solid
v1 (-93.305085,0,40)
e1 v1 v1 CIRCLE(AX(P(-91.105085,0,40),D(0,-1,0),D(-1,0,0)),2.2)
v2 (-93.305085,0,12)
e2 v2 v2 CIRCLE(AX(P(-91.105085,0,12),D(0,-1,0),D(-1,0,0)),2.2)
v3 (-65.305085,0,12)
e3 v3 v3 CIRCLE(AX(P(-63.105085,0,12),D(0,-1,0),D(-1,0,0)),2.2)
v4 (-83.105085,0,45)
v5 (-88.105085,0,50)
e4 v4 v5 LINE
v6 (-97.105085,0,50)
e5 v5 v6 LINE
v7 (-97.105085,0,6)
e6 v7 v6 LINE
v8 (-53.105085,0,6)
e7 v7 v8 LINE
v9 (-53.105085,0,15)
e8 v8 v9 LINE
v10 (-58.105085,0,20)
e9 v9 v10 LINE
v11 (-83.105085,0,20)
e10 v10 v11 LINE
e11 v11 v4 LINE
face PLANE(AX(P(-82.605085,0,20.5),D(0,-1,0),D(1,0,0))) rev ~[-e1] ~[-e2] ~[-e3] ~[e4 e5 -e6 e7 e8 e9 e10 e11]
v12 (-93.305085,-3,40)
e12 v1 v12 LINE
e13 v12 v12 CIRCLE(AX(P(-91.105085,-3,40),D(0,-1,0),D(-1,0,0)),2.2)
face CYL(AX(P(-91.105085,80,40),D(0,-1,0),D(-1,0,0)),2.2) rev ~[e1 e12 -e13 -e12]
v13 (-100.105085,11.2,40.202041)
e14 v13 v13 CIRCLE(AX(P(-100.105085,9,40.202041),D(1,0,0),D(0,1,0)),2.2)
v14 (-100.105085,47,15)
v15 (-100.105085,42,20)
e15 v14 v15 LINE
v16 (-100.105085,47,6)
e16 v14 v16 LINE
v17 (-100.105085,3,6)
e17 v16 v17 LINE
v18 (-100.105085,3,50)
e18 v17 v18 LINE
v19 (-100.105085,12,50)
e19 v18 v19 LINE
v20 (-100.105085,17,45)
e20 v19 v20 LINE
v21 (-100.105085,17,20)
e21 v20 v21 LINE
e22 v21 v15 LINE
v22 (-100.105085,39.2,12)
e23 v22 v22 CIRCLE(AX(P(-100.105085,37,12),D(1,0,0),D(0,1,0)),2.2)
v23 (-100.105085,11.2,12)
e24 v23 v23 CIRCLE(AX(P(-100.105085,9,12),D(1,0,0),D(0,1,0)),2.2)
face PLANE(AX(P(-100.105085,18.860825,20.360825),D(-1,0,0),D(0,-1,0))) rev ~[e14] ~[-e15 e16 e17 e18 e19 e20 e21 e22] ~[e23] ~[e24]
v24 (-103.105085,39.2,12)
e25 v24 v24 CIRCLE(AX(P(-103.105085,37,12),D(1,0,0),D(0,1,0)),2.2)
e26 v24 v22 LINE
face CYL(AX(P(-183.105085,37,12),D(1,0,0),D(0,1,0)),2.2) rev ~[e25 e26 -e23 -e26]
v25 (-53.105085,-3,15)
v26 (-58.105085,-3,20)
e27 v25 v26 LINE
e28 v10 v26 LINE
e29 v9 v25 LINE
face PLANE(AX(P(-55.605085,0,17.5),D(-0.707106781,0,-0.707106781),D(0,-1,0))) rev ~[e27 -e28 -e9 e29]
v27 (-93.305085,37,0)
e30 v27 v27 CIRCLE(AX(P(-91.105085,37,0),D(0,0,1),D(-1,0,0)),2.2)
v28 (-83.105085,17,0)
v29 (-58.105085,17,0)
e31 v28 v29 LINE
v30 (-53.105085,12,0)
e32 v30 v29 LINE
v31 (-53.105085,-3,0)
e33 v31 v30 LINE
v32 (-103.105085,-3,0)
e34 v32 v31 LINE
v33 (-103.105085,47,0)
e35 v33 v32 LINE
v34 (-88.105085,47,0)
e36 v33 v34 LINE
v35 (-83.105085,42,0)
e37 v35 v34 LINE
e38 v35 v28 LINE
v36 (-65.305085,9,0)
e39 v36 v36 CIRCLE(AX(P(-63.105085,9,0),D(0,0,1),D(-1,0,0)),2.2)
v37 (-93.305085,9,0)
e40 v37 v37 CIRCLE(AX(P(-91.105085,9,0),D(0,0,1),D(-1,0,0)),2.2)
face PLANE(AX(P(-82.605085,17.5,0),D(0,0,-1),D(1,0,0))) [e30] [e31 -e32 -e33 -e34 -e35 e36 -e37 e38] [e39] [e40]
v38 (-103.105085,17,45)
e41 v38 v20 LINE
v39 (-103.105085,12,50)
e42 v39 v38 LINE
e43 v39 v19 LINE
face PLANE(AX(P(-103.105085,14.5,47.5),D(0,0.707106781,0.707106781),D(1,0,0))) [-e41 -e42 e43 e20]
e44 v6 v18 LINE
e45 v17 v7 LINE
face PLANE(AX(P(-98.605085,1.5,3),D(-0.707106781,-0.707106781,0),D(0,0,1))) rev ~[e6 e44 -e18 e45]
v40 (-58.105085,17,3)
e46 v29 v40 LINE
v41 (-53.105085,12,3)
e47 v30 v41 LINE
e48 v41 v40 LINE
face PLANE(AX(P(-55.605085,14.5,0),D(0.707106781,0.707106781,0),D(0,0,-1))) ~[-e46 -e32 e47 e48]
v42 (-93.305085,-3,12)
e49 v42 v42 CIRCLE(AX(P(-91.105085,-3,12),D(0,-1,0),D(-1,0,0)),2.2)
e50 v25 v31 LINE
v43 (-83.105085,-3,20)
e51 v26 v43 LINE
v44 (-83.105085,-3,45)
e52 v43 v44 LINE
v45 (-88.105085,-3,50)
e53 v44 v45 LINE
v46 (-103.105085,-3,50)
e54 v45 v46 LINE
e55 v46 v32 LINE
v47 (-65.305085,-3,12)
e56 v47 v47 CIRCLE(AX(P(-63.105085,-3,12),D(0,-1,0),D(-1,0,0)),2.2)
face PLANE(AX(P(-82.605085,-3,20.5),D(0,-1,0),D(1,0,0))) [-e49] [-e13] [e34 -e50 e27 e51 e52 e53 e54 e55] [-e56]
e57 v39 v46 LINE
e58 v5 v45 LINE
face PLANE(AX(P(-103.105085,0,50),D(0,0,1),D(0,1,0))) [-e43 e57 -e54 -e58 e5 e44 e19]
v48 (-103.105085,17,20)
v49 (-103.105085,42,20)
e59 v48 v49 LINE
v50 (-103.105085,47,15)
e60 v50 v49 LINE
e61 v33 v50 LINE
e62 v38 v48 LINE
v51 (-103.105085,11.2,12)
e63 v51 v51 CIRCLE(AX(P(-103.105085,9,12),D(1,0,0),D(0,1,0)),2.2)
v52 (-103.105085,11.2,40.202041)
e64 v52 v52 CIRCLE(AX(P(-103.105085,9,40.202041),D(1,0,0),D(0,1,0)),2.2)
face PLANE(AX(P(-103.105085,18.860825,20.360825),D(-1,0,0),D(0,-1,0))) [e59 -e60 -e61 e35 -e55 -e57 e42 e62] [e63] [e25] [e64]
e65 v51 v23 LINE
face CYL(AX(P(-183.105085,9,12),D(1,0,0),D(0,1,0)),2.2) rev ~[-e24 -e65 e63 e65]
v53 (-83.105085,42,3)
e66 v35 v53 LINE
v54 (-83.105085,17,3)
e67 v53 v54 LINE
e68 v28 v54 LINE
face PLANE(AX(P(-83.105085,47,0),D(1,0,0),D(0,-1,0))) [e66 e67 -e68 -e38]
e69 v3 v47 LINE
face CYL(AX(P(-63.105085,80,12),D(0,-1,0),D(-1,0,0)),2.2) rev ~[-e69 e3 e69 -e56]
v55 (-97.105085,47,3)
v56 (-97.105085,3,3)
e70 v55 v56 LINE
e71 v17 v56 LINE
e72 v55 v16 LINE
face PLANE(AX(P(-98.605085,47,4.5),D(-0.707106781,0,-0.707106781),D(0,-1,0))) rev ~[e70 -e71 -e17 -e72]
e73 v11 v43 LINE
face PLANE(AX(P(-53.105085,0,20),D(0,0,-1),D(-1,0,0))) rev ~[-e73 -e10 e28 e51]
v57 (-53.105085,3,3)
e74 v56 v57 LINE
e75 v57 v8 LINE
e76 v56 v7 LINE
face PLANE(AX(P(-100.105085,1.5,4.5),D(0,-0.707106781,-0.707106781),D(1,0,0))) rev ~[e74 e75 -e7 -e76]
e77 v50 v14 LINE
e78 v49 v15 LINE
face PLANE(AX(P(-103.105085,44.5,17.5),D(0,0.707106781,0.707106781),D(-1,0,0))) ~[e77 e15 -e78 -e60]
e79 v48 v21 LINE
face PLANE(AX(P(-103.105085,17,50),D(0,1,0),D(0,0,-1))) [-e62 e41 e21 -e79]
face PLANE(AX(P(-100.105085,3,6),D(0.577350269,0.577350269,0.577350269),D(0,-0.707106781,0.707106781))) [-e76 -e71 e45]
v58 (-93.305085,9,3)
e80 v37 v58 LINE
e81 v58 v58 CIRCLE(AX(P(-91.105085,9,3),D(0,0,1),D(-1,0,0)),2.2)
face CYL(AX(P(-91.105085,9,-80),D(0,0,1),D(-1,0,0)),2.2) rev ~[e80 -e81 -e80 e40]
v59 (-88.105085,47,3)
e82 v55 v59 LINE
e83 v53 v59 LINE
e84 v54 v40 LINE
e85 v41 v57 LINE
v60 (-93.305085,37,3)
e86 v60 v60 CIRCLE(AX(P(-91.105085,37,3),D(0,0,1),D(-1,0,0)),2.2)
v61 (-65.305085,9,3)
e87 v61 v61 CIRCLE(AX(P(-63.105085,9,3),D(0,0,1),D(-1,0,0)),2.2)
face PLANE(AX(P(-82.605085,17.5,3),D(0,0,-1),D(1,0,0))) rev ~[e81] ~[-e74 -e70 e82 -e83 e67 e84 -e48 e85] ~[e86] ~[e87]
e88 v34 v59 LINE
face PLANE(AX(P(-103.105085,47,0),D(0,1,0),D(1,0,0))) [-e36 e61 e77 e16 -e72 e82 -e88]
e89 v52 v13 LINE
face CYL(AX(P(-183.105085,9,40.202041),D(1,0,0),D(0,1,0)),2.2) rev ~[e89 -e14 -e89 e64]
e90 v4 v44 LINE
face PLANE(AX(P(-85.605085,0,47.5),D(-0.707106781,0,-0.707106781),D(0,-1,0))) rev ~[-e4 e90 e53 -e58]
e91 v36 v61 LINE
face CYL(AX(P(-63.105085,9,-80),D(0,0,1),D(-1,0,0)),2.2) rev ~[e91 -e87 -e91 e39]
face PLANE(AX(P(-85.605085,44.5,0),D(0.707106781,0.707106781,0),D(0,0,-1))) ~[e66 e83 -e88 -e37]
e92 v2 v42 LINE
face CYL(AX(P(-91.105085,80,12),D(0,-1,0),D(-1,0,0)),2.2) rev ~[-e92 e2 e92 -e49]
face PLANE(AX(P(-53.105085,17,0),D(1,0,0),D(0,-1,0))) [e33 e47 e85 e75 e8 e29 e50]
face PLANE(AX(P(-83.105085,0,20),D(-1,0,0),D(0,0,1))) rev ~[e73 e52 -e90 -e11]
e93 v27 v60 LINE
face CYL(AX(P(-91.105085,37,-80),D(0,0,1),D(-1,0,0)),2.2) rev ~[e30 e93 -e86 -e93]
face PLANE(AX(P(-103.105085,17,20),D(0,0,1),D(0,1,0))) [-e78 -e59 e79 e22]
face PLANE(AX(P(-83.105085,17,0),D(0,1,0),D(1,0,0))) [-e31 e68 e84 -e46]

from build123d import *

# Parameters (mm, degrees)
F1_DEPTH       = 3
F3_DEPTH       = 3
F5_DEPTH       = 3
F6_D           = 4.4
F6_DEPTH       = 80
F6_TIP         = 1.3218933619
F7_D           = 4.4
F7_DEPTH       = 80
F7_TIP         = 1.3218933619
F7_ON_F4_D     = 4.4
F7_ON_F4_DEPTH = 80
F7_ON_F4_TIP   = 1.3218933619
F9_SIZE        = 3
F10_SIZE       = 5


with BuildPart() as f1:
    # F0 (on Front) → F1 (new body)
    with BuildSketch(Plane.XZ):
        Polygon((-83.1050851941, 50), (-103.1050851941, 50), (-103.1050851941, 0), (-53.1050851941, 0), (-53.1050851941, 20), (-83.1050851941, 20), align=None)
    extrude(amount=F1_DEPTH)

    # F2 (on face) → F3 (join)
    with BuildSketch(Plane(origin=(-103.1050851941, 0, 0), x_dir=(0, -1, 0), z_dir=(-1, 0, 0))):
        Polygon((0, 0), (0, 50), (-17, 50), (-17, 20), (-47, 20), (-47, 0), align=None)
    extrude(amount=-F3_DEPTH)

    # F4 (on face) → F5 (join)
    with BuildSketch(Plane(origin=(0, 0, 0), x_dir=(1, 0, 0), z_dir=(0, 0, -1))):
        Polygon((-53.1050851941, -17), (-53.1050851941, 3), (-103.1050851941, 3), (-103.1050851941, -47), (-83.1050851941, -47), (-83.1050851941, -17), align=None)
    extrude(amount=-F5_DEPTH)

    # F6
    with Locations(Plane(origin=(0, 0, 0), x_dir=(1, 0, 0), z_dir=(0, 1, 0))):
        with Locations((-63.1050851941, -12), (-91.1050851941, -40), (-91.1050851941, -12)):
            Hole(F6_D / 2, depth=F6_DEPTH)
            with Locations((0, 0, -(F6_DEPTH + F6_TIP / 2))):  # 118° drill point
                Cone(0, F6_D / 2, F6_TIP, mode=Mode.SUBTRACT)

    # F7
    with Locations(Plane(origin=(-103.1050851941, 0, 0), x_dir=(0, -1, 0), z_dir=(-1, 0, 0))):
        with Locations((-9, 40.2020410289), (-37, 12), (-9, 12)):
            Hole(F7_D / 2, depth=F7_DEPTH)
            with Locations((0, 0, -(F7_DEPTH + F7_TIP / 2))):  # 118° drill point
                Cone(0, F7_D / 2, F7_TIP, mode=Mode.SUBTRACT)

    # F7 on F4
    with Locations(Plane(origin=(0, 0, 0), x_dir=(1, 0, 0), z_dir=(0, 0, -1))):
        with Locations((-91.1050851941, -9), (-91.1050851941, -37), (-63.1050851941, -9)):
            Hole(F7_ON_F4_D / 2, depth=F7_ON_F4_DEPTH)
            with Locations((0, 0, -(F7_ON_F4_DEPTH + F7_ON_F4_TIP / 2))):  # 118° drill point
                Cone(0, F7_ON_F4_D / 2, F7_ON_F4_TIP, mode=Mode.SUBTRACT)

    # F9
    f9_edges = [f1.edges().sort_by_distance(p)[0] for p in [
        (-76.605085, 0, 3),
        (-100.105085, 23.5, 3),
        (-100.105085, 0, 26.5),
    ]]
    chamfer(f9_edges, length=F9_SIZE)

    # F10
    f10_edges = [f1.edges().sort_by_distance(p)[0] for p in [
        (-53.105085, -1.5, 20),
        (-53.105085, 17, 1.5),
        (-83.105085, 47, 1.5),
        (-101.605085, 47, 20),
        (-83.105085, -1.5, 50),
        (-101.605085, 17, 50),
    ]]
    chamfer(f10_edges, length=F10_SIZE)


solid = f1.part
